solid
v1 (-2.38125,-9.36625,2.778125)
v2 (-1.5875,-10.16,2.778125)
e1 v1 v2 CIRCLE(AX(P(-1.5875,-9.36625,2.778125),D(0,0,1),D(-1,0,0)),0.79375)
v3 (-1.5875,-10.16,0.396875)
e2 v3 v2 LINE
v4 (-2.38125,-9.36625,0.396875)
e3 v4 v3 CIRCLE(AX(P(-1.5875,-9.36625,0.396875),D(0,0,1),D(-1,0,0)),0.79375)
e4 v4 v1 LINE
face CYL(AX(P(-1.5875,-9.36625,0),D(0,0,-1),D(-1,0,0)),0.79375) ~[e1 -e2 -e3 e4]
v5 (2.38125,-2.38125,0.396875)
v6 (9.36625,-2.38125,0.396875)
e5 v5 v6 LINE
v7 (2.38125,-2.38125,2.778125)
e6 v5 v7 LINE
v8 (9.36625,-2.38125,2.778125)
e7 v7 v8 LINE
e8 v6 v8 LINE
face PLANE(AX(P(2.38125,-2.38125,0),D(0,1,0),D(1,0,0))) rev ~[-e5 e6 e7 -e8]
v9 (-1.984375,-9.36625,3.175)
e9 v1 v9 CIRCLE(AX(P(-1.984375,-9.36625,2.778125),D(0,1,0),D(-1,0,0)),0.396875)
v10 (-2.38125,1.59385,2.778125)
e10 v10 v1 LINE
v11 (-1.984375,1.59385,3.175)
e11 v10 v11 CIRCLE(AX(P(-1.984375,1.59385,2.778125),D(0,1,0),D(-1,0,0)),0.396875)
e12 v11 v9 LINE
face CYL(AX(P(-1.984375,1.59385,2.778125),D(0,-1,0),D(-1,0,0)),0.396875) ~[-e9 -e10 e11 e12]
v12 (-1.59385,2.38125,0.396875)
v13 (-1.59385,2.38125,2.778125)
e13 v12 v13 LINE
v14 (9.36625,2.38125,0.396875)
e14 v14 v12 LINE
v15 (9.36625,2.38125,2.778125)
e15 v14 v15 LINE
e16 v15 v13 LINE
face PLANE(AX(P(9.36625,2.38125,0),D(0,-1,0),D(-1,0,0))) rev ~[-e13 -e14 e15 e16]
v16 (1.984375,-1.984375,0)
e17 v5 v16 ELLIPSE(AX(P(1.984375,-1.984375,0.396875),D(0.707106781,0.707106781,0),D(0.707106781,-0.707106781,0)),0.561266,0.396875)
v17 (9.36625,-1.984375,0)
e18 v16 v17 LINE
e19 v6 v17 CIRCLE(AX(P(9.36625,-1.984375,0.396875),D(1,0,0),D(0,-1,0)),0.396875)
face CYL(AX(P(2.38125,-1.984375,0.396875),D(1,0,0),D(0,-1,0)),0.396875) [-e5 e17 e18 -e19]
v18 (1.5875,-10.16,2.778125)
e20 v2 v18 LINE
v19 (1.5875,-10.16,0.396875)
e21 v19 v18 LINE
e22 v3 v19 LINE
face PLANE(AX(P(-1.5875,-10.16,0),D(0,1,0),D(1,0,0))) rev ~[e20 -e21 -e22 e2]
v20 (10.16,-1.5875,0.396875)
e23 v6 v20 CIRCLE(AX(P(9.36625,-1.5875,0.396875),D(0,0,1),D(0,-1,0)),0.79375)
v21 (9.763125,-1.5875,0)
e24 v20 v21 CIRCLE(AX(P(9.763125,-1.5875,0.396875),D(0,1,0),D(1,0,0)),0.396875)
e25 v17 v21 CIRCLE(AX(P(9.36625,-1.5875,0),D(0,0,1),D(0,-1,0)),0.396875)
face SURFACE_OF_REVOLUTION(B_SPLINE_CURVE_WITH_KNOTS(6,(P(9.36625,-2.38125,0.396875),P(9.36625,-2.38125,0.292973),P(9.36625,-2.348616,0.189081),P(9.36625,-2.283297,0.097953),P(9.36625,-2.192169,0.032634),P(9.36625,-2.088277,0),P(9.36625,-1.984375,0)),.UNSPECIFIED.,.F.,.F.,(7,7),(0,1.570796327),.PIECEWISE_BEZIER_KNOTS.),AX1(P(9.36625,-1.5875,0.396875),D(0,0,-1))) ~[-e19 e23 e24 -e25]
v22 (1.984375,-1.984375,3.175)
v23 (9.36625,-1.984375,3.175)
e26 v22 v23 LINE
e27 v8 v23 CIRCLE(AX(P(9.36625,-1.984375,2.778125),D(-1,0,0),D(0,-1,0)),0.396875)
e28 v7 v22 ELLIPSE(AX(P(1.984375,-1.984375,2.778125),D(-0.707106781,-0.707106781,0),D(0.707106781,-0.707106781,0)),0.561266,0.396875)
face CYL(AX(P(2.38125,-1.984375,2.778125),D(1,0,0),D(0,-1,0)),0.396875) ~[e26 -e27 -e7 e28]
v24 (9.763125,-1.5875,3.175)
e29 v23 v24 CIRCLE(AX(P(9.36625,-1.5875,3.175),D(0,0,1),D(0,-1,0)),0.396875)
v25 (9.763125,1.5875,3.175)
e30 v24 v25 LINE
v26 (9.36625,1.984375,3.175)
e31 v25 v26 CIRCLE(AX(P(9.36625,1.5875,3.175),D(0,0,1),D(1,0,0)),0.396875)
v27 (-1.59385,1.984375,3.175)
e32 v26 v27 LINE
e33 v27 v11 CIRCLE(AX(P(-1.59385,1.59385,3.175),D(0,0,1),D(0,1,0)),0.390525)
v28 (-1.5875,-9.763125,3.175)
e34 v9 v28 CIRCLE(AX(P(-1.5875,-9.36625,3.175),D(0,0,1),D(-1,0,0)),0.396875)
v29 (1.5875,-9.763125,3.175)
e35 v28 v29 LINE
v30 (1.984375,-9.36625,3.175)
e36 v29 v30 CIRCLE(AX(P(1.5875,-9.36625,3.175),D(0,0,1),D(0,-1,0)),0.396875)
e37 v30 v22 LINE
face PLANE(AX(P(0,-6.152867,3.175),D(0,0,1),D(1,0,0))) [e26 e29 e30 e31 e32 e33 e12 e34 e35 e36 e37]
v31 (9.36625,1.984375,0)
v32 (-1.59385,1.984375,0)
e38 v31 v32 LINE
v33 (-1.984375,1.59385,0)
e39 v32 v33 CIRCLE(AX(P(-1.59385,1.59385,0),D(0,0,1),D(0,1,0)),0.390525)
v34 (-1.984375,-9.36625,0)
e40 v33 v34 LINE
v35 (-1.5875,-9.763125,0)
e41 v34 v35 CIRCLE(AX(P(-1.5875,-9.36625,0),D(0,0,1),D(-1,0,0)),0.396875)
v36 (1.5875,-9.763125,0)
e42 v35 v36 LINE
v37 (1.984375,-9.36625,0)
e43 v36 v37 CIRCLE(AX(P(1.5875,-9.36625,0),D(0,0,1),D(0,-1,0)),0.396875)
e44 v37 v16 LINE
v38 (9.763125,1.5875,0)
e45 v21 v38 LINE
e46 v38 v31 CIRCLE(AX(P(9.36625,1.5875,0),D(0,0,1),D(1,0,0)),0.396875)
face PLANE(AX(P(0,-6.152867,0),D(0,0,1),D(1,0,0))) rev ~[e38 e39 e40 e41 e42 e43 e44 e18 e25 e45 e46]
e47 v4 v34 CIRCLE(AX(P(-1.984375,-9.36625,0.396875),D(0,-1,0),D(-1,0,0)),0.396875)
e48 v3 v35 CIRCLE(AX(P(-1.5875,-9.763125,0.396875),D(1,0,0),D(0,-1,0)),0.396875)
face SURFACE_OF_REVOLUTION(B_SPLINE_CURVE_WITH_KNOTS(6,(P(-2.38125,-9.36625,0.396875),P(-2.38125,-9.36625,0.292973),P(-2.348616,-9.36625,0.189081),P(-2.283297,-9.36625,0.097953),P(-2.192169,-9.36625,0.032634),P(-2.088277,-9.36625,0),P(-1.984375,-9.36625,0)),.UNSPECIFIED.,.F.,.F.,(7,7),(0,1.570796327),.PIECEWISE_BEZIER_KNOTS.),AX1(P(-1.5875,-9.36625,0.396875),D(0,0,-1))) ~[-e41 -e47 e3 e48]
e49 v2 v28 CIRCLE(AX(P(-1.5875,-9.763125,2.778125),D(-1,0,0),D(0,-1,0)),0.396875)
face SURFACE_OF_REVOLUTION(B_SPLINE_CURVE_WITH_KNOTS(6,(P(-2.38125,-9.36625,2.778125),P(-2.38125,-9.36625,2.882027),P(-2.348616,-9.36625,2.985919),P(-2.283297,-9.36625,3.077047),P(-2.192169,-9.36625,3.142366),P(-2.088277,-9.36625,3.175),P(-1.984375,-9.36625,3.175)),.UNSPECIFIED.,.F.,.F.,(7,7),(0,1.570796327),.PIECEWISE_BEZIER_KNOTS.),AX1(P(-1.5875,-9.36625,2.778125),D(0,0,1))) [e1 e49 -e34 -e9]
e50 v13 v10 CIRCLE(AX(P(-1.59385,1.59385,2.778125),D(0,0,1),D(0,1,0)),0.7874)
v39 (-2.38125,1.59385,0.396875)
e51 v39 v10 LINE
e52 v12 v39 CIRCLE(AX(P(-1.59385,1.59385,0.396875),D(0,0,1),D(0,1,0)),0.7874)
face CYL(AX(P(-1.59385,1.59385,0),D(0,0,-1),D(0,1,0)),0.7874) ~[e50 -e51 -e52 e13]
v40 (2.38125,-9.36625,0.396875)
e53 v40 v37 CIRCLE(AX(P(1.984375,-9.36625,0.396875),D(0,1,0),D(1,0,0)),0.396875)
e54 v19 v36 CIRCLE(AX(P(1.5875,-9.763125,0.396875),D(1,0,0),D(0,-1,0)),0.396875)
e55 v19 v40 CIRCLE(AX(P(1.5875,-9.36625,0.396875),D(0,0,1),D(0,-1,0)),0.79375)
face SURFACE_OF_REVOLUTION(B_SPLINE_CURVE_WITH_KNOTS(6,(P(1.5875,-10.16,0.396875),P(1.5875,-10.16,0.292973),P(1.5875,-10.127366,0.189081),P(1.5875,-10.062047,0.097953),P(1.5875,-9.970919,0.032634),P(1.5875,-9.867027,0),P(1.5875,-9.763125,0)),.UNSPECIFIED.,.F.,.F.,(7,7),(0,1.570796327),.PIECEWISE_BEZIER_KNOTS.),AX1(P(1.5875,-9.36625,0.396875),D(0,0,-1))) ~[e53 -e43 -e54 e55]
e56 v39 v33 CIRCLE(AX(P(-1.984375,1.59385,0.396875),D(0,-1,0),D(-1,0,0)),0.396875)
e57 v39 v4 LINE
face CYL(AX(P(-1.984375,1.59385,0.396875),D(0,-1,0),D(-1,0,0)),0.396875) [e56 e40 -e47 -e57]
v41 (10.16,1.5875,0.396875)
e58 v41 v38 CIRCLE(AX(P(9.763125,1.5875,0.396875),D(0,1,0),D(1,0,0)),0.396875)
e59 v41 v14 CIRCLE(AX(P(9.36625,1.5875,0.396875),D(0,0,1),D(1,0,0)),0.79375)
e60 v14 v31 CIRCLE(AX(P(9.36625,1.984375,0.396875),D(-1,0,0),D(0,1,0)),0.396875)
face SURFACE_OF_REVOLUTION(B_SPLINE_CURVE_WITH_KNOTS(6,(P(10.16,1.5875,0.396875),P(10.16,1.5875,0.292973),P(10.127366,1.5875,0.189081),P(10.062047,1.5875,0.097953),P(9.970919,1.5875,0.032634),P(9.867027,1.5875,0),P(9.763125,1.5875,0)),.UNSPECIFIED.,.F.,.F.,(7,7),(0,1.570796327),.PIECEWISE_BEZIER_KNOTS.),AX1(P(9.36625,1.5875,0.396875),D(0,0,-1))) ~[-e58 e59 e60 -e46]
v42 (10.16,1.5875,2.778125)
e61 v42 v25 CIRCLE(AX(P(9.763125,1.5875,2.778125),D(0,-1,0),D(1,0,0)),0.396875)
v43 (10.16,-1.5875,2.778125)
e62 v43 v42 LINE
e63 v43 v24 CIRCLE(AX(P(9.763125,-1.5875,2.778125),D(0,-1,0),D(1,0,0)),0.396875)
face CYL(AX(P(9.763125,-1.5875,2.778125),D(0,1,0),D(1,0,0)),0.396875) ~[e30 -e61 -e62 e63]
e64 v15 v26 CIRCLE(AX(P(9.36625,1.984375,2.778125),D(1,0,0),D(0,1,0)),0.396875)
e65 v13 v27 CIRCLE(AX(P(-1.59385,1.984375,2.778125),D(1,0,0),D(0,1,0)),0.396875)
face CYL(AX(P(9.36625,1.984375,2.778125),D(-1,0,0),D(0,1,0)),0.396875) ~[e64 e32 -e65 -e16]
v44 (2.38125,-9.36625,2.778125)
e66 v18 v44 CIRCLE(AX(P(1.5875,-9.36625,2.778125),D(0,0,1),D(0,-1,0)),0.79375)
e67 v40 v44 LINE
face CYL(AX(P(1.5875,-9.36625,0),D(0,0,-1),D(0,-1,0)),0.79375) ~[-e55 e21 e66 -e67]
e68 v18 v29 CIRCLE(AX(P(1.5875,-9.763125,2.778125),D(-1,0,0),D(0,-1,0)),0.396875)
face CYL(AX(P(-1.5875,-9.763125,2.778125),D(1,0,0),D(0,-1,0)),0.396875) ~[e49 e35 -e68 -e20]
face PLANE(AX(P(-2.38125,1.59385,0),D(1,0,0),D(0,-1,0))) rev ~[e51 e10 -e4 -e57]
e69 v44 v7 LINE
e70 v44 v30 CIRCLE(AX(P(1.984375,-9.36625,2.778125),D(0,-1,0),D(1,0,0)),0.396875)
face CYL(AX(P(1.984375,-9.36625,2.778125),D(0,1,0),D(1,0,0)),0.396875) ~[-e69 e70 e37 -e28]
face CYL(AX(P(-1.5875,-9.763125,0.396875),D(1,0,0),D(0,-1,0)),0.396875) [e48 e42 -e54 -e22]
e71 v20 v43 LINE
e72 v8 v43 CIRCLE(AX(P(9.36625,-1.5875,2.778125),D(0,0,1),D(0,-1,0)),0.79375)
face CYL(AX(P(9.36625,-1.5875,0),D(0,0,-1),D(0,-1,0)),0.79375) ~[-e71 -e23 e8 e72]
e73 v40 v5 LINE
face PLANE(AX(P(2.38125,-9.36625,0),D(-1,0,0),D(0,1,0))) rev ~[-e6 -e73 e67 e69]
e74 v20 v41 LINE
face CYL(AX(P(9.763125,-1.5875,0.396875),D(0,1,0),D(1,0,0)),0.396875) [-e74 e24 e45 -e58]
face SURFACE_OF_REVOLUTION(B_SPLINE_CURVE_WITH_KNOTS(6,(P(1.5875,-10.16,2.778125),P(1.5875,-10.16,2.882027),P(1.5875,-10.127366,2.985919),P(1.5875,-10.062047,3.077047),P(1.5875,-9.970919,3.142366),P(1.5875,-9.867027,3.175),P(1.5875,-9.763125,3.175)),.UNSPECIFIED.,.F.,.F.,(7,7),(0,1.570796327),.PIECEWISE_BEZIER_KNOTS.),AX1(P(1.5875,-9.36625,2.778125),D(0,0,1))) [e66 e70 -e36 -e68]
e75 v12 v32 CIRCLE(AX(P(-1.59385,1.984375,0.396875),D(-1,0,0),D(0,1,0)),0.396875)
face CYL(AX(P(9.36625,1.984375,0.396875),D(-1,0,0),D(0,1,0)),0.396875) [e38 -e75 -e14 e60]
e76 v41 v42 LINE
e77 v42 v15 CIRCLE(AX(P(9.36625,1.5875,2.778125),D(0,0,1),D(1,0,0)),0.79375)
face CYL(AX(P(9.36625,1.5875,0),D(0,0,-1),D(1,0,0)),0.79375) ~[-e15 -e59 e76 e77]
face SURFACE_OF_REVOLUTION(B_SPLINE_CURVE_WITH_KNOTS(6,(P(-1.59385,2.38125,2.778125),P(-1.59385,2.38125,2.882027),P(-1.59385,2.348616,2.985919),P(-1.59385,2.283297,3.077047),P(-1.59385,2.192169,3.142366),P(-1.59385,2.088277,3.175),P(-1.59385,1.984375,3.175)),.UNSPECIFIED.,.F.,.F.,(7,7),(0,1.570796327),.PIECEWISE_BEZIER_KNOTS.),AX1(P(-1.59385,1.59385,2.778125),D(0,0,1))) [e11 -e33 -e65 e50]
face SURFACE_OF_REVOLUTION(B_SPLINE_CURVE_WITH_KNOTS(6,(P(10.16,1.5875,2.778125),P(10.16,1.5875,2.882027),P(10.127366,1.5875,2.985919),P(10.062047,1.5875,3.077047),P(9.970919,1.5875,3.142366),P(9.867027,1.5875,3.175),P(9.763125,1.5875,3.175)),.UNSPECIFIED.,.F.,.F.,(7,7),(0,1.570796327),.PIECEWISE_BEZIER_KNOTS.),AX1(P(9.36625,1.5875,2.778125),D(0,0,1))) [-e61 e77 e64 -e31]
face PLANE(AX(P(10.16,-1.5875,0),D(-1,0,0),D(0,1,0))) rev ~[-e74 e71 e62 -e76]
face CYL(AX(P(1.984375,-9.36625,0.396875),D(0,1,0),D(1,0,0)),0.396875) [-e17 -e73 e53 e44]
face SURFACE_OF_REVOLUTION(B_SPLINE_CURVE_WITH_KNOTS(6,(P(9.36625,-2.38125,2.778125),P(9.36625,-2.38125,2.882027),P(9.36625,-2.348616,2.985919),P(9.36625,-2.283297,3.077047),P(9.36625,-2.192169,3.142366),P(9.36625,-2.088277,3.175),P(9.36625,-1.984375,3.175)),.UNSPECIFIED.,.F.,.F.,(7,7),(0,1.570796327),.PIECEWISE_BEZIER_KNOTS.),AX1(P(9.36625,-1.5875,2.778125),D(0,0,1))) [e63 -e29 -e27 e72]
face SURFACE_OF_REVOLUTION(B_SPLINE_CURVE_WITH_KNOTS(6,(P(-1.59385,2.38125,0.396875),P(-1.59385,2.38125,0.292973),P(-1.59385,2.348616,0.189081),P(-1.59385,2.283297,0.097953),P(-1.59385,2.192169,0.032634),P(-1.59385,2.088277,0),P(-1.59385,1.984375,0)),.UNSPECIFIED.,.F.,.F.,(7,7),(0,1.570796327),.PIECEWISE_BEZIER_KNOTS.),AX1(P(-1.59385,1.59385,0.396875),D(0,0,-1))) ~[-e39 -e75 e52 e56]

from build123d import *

# Parameters (mm, degrees)
F1_DEPTH = 3.175
F2_R     = 0.396875


with BuildPart() as f1:
    # F0 (on Top) → F1 (new body)
    with BuildSketch(Plane.XY):
        with BuildLine():
            Line((-1.5875, -10.16), (1.5875, -10.16))
            ThreePointArc((1.5875, -10.16), (2.1487660076, -9.9275160076), (2.38125, -9.36625))
            Line((2.38125, -9.36625), (2.38125, -2.38125))
            Line((2.38125, -2.38125), (-2.38125, -2.38125))
            Line((-2.38125, -2.38125), (-2.38125, -9.36625))
            ThreePointArc((-2.38125, -9.36625), (-2.1487660076, -9.9275160076), (-1.5875, -10.16))
        make_face()
        with BuildLine():
            Line((-2.38125, -2.38125), (2.38125, -2.38125))
            Line((2.38125, -2.38125), (2.38125, 2.38125))
            Line((2.38125, 2.38125), (-1.59385, 2.38125))
            ThreePointArc((-1.59385, 2.38125), (-2.1506258795, 2.1506258795), (-2.38125, 1.59385))
            Line((-2.38125, 1.59385), (-2.38125, -2.38125))
        make_face()
        with BuildLine():
            Line((2.38125, 2.38125), (2.38125, -2.38125))
            Line((2.38125, -2.38125), (9.36625, -2.38125))
            ThreePointArc((9.36625, -2.38125), (9.9275160076, -2.1487660076), (10.16, -1.5875))
            Line((10.16, -1.5875), (10.16, 1.5875))
            ThreePointArc((10.16, 1.5875), (9.9275160076, 2.1487660076), (9.36625, 2.38125))
            Line((9.36625, 2.38125), (2.38125, 2.38125))
        make_face()
    extrude(amount=F1_DEPTH)

    # F2
    f2_edges = [f1.edges().sort_by_distance(p)[0] for p in [
        (-2.148766, -9.927516, 3.175),
        (0, -10.16, 3.175),
        (2.148766, -9.927516, 3.175),
        (2.38125, -5.87375, 3.175),
        (5.87375, -2.38125, 3.175),
        (9.927516, -2.148766, 3.175),
        (10.16, 0, 3.175),
        (9.927516, 2.148766, 3.175),
        (3.8862, 2.38125, 3.175),
        (-2.150626, 2.150626, 3.175),
        (-2.38125, -3.8862, 3.175),
        (-2.148766, -9.927516, 0),
        (0, -10.16, 0),
        (2.148766, -9.927516, 0),
        (2.38125, -5.87375, 0),
        (5.87375, -2.38125, 0),
        (9.927516, -2.148766, 0),
        (10.16, 0, 0),
        (9.927516, 2.148766, 0),
        (3.8862, 2.38125, 0),
        (-2.150626, 2.150626, 0),
        (-2.38125, -3.8862, 0),
    ]]
    fillet(f2_edges, radius=F2_R)


solid = f1.part
